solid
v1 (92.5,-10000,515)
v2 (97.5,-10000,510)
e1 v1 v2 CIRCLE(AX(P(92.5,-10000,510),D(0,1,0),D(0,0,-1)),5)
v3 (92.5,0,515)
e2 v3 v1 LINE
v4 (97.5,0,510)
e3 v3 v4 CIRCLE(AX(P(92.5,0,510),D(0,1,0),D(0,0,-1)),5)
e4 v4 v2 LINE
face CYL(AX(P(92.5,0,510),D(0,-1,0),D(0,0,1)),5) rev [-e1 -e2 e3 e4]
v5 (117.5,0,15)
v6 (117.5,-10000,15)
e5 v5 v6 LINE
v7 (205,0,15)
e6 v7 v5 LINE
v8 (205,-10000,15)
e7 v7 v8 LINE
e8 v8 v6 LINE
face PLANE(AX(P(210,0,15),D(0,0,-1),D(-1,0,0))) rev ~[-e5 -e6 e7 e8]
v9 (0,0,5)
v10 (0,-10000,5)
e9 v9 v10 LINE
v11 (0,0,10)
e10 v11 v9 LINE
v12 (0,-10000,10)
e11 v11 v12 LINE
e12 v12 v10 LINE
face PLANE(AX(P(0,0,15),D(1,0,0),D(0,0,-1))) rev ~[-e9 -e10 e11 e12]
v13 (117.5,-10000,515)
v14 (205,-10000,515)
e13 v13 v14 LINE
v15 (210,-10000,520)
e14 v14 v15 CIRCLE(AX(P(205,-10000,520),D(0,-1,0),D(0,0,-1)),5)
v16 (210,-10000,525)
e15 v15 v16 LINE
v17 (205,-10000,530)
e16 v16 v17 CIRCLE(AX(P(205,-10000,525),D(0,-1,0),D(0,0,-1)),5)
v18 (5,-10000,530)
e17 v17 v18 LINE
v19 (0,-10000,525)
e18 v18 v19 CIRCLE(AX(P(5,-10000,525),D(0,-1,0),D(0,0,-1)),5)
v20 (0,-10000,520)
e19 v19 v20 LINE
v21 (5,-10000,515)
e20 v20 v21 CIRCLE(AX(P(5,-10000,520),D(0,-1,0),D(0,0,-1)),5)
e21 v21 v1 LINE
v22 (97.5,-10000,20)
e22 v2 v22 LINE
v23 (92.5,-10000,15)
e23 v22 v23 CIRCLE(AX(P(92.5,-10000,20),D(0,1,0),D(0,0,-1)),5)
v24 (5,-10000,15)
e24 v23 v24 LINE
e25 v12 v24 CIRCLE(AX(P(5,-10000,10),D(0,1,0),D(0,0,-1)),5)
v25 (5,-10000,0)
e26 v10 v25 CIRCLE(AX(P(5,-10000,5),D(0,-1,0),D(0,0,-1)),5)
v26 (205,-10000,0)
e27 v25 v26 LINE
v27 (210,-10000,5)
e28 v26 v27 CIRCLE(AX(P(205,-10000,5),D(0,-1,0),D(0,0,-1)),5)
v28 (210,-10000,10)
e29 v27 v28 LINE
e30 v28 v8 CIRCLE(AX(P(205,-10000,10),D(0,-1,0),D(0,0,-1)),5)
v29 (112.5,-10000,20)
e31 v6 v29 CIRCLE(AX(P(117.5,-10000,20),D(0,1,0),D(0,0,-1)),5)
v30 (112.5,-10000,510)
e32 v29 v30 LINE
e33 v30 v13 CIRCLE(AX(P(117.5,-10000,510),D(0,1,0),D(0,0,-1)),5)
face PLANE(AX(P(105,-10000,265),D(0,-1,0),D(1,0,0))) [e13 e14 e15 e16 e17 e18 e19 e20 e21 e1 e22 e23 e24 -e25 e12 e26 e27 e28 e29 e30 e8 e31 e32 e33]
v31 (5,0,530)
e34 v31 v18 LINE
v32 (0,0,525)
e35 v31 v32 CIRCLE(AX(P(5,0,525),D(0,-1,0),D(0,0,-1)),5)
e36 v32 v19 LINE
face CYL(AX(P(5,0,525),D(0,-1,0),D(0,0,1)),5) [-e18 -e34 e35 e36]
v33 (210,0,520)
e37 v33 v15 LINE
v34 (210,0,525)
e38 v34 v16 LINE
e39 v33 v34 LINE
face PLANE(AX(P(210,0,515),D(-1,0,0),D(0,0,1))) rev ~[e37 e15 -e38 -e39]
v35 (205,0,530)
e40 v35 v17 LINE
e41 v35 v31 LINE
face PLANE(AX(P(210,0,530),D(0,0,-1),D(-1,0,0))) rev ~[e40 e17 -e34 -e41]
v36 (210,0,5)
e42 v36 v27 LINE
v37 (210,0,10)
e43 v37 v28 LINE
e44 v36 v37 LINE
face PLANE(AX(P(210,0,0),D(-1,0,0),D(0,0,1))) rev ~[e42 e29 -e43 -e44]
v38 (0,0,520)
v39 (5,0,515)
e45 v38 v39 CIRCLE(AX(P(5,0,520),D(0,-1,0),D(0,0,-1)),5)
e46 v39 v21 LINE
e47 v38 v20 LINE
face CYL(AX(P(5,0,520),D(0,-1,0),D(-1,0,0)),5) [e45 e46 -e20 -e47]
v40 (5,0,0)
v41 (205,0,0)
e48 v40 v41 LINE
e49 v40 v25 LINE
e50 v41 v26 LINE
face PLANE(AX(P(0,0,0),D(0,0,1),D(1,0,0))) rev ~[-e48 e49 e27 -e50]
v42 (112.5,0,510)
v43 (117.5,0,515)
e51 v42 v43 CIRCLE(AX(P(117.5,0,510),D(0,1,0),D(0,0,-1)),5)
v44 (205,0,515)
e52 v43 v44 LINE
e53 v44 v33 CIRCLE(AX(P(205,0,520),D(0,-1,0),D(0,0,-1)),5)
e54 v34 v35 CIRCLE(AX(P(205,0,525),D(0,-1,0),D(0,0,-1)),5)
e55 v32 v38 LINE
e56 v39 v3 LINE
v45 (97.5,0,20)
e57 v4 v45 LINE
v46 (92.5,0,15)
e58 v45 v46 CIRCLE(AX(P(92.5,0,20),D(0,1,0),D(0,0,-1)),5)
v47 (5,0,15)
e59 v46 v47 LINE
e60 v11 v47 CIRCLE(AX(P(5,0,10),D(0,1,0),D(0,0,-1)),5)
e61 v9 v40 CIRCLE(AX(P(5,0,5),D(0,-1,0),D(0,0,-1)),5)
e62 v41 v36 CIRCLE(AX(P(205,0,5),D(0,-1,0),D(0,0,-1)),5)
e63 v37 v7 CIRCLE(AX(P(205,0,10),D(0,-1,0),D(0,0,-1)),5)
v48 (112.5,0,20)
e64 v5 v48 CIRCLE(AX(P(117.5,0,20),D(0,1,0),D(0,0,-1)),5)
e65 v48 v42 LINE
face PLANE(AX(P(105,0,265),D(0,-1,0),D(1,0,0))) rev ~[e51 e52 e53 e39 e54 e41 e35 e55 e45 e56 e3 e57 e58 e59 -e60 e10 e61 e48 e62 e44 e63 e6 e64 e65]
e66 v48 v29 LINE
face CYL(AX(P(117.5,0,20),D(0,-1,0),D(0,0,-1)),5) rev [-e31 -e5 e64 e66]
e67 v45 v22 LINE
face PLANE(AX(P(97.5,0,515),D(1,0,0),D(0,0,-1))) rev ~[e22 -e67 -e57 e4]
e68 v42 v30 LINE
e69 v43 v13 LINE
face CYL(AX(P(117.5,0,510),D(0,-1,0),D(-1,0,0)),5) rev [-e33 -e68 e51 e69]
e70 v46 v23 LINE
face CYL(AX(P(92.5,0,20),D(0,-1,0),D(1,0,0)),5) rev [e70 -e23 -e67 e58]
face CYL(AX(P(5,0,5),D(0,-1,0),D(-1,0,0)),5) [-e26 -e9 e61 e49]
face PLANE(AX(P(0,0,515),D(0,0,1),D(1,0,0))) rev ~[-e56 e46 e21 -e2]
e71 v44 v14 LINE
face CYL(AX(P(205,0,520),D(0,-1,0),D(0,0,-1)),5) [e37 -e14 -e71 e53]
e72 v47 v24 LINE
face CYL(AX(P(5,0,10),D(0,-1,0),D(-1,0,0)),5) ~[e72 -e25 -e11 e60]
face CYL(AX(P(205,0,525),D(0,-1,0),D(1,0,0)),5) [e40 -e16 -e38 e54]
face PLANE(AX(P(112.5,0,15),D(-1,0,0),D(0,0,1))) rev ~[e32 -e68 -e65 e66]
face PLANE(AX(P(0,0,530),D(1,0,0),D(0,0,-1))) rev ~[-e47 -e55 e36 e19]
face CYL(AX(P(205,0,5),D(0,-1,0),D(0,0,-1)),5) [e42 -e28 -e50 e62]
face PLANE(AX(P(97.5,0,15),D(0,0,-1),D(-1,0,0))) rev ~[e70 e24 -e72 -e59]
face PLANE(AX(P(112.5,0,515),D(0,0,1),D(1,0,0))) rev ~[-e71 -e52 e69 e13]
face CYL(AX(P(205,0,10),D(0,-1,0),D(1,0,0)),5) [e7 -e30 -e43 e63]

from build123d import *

# Parameters (mm, degrees)
F1_DEPTH = 10000
F2_R     = 5


with BuildPart() as f1:
    # F0 (on Front) → F1 (new body)
    with BuildSketch(Plane.XZ):
        Polygon((0, 15), (0, 0), (210, 0), (210, 15), (112.5, 15), (112.5, 515), (210, 515), (210, 530), (0, 530), (0, 515), (97.5, 515), (97.5, 15), align=None)
    extrude(amount=F1_DEPTH)

    # F2
    f2_edges = [f1.edges().sort_by_distance(p)[0] for p in [
        (0, -5000, 530),
        (0, -5000, 515),
        (210, -5000, 530),
        (0, -5000, 15),
        (0, -5000, 0),
        (210, -5000, 15),
        (210, -5000, 0),
        (210, -5000, 515),
        (112.5, -5000, 15),
        (97.5, -5000, 15),
        (97.5, -5000, 515),
        (112.5, -5000, 515),
    ]]
    fillet(f2_edges, radius=F2_R)


solid = f1.part
